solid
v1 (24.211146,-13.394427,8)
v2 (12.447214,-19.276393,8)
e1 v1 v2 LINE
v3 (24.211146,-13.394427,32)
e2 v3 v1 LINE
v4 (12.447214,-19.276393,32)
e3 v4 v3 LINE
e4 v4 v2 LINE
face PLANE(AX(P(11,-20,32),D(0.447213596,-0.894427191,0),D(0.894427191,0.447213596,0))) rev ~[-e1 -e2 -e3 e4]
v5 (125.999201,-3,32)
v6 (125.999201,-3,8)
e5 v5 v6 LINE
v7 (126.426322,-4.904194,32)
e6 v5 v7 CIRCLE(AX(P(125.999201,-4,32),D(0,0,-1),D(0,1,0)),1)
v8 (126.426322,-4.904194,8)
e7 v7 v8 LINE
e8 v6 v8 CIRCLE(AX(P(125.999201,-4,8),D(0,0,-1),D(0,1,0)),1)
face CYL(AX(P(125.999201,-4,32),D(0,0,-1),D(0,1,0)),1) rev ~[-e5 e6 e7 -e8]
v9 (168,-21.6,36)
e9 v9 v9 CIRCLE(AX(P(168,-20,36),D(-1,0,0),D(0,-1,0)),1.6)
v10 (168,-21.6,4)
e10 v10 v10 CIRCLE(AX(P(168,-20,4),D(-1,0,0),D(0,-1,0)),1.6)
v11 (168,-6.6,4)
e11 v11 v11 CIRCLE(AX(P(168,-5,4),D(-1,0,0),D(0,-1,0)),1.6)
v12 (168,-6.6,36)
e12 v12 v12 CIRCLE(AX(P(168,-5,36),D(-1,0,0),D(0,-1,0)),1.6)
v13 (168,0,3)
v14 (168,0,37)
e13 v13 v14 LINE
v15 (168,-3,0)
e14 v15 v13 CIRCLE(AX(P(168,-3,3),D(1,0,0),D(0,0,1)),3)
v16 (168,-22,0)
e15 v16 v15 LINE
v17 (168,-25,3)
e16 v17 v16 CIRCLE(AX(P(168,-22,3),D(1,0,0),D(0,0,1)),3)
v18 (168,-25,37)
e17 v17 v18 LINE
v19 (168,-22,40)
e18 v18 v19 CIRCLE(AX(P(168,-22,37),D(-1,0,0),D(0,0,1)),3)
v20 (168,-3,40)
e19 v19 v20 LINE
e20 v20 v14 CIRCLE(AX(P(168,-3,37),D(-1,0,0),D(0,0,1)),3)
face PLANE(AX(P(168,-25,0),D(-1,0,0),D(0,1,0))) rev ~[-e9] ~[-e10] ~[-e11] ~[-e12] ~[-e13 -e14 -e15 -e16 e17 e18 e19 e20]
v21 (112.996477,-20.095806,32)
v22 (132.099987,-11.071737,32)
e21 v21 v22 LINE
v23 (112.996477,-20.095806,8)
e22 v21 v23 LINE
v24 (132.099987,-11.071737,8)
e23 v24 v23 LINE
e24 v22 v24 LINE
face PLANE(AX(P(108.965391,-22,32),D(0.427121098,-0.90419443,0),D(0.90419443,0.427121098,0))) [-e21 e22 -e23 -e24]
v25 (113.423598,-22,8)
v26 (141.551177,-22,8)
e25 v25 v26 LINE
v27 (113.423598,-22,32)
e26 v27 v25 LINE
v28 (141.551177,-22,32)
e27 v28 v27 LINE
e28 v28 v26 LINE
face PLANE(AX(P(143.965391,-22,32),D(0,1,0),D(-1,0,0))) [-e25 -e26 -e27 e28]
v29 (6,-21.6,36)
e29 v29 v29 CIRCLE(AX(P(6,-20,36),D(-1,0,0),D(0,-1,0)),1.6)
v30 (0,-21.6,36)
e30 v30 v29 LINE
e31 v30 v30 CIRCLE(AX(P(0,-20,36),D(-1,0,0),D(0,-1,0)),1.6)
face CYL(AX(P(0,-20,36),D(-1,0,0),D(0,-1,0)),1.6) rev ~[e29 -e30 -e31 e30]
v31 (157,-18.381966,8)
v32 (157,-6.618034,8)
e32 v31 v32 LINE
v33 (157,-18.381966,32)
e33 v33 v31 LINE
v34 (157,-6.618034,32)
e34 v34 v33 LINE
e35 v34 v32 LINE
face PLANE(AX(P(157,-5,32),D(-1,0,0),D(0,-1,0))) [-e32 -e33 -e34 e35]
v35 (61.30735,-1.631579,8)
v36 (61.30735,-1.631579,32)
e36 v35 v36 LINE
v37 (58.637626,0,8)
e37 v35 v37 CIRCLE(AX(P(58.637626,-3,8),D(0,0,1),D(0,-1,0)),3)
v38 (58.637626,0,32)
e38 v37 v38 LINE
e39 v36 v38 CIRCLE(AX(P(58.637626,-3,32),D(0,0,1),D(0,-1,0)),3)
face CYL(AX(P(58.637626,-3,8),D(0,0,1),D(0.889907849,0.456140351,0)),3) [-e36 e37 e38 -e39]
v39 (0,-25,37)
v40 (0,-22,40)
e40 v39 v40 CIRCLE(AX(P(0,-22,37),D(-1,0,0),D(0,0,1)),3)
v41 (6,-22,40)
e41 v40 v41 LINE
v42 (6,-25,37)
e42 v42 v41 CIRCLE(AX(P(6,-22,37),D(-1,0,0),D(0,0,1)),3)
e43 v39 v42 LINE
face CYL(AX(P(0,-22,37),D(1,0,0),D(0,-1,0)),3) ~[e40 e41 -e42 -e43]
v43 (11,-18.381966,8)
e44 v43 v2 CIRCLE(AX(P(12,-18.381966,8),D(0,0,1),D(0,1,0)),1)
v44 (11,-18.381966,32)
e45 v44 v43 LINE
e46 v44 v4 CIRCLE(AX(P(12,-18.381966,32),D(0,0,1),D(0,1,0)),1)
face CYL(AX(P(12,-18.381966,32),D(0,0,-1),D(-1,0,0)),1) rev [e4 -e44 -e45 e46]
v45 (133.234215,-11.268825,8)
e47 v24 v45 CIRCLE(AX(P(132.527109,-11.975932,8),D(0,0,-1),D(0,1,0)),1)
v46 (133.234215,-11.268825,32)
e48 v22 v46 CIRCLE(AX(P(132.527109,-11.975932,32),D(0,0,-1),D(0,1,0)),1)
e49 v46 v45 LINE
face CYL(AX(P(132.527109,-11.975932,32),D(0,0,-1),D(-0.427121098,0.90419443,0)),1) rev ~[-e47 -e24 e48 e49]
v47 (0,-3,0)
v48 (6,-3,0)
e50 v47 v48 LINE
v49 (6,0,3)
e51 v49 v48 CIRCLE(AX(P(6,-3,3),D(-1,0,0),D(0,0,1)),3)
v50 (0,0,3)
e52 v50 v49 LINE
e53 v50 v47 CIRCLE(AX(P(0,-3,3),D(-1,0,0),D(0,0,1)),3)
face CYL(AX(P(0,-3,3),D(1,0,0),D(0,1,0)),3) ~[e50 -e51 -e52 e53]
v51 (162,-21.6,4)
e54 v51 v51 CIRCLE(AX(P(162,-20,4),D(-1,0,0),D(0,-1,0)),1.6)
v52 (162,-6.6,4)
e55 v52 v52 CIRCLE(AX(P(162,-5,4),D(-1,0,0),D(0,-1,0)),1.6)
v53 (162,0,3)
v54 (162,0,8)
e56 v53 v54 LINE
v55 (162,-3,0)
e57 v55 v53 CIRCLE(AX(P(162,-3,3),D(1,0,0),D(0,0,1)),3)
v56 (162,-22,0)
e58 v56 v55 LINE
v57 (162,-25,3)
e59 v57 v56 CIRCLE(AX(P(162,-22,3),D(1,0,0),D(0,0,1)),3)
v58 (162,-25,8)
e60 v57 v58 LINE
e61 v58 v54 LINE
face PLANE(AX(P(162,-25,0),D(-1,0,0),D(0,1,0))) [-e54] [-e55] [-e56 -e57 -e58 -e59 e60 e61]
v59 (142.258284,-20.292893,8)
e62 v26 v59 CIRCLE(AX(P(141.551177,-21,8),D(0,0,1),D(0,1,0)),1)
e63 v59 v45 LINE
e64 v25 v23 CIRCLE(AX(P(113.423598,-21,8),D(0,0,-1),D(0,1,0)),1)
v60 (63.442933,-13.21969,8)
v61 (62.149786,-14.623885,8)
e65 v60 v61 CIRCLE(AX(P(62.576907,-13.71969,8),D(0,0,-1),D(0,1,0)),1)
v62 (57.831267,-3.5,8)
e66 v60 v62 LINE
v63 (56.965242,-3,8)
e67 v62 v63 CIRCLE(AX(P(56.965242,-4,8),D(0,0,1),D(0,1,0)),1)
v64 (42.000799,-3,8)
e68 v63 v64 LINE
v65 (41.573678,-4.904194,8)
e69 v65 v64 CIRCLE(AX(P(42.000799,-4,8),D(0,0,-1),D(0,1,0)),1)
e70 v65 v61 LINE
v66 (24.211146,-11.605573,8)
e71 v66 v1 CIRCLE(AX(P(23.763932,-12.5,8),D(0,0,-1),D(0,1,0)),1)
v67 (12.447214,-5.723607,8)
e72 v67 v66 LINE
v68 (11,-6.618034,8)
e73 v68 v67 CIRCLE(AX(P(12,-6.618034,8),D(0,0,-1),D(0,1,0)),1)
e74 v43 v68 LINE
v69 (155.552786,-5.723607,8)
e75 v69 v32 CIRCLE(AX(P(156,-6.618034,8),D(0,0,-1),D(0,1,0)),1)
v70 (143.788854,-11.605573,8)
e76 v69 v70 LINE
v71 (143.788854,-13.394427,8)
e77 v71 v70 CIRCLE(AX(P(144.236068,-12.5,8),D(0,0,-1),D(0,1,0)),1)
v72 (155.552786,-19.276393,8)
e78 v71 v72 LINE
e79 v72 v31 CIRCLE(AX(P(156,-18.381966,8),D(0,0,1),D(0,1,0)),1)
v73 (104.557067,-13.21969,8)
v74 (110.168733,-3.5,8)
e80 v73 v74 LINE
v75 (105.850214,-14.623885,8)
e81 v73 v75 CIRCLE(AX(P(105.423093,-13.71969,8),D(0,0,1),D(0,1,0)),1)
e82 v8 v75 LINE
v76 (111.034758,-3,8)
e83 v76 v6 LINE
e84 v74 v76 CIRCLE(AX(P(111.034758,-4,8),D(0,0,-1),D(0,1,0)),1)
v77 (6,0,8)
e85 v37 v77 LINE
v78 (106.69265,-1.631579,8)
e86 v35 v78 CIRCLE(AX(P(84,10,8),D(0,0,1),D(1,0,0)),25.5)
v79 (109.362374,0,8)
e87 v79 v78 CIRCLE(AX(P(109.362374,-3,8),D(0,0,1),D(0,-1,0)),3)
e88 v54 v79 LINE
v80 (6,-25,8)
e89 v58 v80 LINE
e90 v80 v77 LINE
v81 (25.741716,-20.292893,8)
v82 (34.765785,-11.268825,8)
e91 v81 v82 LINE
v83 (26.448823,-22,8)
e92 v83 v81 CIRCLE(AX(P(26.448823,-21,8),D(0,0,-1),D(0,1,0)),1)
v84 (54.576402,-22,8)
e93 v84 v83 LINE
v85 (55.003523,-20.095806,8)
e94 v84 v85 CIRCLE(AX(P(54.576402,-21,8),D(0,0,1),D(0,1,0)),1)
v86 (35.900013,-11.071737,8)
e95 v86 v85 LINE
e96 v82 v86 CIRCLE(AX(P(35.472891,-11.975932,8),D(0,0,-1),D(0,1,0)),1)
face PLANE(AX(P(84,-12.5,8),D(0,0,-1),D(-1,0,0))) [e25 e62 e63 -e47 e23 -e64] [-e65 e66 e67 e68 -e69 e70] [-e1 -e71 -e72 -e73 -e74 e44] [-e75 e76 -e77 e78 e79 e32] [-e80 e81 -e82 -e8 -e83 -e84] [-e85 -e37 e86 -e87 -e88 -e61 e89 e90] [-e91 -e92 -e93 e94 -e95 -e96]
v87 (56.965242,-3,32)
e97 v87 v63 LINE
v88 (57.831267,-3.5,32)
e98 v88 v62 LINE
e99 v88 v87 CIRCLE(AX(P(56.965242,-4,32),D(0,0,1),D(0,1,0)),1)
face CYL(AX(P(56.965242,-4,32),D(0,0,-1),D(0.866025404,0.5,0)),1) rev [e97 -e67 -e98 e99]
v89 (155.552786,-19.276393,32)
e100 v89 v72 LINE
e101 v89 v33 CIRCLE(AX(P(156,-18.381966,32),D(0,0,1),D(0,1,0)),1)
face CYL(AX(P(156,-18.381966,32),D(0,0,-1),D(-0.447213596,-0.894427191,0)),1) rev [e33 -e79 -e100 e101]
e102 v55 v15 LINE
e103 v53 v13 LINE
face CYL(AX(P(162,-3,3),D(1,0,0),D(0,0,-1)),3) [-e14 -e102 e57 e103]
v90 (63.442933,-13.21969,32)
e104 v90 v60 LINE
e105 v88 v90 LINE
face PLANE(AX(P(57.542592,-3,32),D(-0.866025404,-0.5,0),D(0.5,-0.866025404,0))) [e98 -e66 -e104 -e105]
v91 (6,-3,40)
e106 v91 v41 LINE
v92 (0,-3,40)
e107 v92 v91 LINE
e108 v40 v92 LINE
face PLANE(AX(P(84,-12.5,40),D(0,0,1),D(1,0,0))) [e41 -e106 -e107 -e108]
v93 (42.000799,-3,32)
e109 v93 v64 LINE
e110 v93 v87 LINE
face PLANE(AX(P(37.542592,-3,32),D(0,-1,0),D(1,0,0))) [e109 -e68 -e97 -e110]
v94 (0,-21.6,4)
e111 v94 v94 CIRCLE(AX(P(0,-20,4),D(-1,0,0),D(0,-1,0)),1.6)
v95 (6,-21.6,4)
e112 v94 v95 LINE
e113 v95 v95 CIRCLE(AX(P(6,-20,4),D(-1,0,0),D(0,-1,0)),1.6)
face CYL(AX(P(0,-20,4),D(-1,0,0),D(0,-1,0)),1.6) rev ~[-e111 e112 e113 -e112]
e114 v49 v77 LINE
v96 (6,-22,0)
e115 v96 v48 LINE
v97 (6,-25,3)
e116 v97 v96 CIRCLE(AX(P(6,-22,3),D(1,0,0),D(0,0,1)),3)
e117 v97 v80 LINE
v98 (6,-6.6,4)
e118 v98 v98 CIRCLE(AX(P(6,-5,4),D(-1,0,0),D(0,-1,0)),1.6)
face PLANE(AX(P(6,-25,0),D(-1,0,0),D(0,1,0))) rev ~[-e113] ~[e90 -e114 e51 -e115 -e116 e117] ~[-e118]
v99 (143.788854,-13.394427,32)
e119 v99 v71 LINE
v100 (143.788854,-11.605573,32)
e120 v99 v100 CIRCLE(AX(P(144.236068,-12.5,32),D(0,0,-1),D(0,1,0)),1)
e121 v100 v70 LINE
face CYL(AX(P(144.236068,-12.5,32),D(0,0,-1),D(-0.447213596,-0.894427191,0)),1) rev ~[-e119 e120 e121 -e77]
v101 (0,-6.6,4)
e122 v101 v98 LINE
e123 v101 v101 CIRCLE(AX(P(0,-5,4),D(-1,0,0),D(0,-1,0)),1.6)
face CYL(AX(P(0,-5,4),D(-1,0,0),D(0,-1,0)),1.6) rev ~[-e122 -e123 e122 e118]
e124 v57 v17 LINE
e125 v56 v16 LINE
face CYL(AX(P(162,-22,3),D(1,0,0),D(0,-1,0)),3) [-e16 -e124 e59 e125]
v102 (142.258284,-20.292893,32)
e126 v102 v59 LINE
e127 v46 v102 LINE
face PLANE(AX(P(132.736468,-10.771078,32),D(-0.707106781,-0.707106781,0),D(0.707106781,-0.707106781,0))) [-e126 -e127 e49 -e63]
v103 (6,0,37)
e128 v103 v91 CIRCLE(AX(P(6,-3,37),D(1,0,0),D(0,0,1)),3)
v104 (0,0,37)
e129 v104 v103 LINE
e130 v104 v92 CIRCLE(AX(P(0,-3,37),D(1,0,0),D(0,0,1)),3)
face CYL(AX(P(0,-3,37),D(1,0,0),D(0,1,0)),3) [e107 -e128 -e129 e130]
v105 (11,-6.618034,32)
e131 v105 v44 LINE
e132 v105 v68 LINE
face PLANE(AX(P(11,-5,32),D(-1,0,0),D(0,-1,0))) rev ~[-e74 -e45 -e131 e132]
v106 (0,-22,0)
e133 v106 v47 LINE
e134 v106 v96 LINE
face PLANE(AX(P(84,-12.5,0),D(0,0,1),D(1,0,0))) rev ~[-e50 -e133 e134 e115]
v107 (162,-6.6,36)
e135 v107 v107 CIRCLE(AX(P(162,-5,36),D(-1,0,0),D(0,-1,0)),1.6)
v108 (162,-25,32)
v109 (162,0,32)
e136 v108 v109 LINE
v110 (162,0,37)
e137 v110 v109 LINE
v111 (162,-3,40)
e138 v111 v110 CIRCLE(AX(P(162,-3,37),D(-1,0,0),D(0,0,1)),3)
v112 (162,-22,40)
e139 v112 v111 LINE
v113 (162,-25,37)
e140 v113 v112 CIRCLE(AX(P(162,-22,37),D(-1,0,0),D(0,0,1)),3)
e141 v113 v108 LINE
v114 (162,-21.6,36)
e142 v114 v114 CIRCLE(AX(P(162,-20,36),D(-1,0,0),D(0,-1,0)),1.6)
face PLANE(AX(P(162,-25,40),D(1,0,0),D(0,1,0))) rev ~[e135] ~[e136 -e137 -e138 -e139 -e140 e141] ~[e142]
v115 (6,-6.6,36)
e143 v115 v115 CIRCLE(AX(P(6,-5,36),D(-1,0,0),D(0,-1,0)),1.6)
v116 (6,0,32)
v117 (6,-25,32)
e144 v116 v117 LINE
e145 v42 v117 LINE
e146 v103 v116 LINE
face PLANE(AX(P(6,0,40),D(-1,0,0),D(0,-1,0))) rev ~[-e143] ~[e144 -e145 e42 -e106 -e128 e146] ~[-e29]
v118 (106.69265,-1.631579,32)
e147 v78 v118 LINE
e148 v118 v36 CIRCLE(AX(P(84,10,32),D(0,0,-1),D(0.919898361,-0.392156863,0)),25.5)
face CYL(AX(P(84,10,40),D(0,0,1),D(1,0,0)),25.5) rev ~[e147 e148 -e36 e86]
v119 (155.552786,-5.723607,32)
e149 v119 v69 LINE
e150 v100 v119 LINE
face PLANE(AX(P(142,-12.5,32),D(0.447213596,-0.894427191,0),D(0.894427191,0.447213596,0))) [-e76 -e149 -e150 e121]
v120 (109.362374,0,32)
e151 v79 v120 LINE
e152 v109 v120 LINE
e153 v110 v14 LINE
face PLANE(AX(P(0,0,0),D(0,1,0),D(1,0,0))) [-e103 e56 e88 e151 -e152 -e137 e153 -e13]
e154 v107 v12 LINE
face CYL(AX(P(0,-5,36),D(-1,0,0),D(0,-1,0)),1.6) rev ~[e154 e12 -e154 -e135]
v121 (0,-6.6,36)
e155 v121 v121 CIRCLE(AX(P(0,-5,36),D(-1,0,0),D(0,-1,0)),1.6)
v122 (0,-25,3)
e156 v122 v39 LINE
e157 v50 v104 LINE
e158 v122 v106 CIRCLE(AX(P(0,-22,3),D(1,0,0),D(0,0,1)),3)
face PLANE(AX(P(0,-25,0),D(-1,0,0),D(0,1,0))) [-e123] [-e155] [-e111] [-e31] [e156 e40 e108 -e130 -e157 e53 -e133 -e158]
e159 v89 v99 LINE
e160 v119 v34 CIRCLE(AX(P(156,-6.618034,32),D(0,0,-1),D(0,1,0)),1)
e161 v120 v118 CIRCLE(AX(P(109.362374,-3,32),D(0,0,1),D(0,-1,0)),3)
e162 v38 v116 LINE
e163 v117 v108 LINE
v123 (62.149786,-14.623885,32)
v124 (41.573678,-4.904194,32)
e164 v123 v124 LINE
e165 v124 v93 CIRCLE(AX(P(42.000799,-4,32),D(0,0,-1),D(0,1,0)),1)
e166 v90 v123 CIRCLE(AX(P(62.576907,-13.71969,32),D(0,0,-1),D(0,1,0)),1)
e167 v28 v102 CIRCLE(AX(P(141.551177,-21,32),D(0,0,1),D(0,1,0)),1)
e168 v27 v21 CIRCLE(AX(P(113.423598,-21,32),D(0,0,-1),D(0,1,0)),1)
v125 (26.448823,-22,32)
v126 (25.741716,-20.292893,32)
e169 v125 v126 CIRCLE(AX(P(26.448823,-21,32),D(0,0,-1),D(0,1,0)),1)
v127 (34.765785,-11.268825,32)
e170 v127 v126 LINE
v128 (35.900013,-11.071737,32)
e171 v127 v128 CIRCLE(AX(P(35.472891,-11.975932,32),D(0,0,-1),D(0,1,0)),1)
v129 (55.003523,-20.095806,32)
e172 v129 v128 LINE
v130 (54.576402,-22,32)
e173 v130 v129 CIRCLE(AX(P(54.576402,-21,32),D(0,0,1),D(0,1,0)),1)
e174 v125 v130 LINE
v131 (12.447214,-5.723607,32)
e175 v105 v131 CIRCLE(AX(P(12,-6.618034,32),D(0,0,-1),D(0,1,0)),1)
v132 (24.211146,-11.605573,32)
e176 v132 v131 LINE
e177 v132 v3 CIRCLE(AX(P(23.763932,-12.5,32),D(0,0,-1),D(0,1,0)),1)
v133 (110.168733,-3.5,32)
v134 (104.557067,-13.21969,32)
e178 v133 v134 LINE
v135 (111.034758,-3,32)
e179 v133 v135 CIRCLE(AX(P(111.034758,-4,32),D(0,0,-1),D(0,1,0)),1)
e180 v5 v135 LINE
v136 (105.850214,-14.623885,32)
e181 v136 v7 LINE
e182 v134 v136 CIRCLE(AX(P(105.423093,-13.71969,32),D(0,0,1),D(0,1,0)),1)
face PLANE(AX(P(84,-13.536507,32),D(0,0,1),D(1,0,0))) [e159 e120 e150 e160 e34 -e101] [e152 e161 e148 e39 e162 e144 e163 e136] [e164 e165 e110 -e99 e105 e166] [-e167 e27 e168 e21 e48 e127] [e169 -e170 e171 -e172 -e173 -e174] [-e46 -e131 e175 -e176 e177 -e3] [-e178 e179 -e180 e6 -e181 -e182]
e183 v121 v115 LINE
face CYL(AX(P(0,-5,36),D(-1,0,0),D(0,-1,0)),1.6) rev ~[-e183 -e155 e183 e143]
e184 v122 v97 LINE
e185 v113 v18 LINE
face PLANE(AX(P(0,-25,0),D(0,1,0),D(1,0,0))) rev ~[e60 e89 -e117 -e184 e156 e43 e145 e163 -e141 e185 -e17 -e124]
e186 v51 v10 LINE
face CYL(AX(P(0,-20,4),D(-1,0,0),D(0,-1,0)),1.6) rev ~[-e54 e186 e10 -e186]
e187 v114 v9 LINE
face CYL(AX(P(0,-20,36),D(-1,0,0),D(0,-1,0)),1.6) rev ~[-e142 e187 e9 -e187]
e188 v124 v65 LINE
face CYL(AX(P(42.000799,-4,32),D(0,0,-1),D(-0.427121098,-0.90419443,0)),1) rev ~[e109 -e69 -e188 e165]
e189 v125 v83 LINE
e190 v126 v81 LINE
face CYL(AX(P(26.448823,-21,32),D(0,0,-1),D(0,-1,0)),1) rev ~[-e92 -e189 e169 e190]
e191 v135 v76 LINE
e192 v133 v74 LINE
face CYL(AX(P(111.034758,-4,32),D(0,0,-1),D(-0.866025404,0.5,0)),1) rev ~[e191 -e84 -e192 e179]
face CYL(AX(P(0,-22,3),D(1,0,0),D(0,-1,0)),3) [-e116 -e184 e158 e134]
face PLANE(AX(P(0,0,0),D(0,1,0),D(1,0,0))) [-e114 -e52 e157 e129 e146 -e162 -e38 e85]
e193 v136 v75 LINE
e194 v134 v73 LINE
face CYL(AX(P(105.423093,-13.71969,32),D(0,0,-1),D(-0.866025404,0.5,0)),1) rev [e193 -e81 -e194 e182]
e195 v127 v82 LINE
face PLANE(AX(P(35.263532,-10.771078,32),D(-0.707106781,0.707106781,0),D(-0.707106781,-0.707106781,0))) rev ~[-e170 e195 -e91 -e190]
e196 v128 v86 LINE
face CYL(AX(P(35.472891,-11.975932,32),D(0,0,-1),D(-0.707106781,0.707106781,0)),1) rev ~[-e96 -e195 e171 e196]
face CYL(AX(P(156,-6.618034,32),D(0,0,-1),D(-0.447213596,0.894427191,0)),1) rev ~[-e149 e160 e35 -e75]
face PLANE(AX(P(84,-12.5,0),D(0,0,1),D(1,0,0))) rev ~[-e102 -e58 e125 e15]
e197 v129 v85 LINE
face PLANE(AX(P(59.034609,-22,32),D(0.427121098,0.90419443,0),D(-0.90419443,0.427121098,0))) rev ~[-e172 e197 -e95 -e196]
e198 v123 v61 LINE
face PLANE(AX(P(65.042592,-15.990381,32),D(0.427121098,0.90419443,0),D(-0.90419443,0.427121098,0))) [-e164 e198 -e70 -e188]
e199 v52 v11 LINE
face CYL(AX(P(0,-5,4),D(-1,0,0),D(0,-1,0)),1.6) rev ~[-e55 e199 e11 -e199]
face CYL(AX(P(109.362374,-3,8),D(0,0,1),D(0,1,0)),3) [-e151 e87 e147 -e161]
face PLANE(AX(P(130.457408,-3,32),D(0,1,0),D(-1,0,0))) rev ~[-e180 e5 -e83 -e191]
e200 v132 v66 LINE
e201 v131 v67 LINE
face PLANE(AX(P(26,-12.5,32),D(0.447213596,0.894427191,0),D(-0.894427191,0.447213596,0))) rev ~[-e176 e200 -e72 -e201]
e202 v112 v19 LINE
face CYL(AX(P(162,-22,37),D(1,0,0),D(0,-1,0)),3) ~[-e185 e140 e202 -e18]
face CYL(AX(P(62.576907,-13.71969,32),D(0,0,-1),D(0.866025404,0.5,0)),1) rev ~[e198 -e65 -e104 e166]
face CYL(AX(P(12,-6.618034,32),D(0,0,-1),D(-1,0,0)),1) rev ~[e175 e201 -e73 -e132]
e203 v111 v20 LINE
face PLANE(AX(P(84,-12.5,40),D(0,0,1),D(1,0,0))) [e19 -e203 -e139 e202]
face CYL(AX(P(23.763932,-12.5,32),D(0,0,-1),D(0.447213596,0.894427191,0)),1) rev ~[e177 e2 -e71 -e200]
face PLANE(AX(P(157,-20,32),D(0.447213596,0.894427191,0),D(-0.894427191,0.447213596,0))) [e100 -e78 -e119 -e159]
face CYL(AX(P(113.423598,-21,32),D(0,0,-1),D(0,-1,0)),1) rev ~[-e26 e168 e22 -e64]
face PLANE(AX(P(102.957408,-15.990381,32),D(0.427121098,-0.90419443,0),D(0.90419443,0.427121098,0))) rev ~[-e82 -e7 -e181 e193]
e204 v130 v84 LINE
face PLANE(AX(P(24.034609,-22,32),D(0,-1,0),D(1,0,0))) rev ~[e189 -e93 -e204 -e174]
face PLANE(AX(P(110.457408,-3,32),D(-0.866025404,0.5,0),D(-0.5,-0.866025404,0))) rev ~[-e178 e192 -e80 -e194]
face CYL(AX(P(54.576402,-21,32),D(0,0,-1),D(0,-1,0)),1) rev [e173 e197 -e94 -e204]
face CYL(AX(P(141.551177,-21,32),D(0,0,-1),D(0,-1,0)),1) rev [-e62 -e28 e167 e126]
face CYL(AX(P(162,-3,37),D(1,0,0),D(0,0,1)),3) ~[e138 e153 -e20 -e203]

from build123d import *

# Parameters (mm, degrees)
SKETCH_1_W          = 168
SKETCH_1_H          = 25
EXTRUDE_1_DEPTH     = 40
SKETCH_2_R          = 25.5
CUT_EXTRUDE_1_DEPTH = 175.496418301
SKETCH_3_W          = 156
SKETCH_3_H          = 25
CUT_EXTRUDE_2_DEPTH = 8
CUT_EXTRUDE_3_DEPTH = 8
SKETCH_5_R          = 1.6
CUT_EXTRUDE_4_DEPTH = 175.496418301
CUT_EXTRUDE_5_DEPTH = 173.838074509
FILLET_2_R          = 1
FILLET_3_R          = 3
FILLET_4_R          = 3
FILLET_5_R          = 3


with BuildPart() as part:
    # 草图1 → 凸台-拉伸1 (new body)
    with BuildSketch(Plane.XY):
        with Locations((84, -12.5)):
            Rectangle(SKETCH_1_W, SKETCH_1_H)
    extrude(amount=EXTRUDE_1_DEPTH)

    # 草图2 → 切除-拉伸1 (cut, through all)
    with BuildSketch(Plane.XY.offset(40)):
        with Locations((84, 10)):
            Circle(SKETCH_2_R)
    extrude(amount=-CUT_EXTRUDE_1_DEPTH, mode=Mode.SUBTRACT)

    # 草图3 → 切除-拉伸2 (cut)
    with BuildSketch(Plane(origin=(0, 0, 0), x_dir=(-1, 0, 0), z_dir=(0, 0, -1))):
        with Locations((-84, -12.5)):
            Rectangle(SKETCH_3_W, SKETCH_3_H)
    extrude(amount=-CUT_EXTRUDE_2_DEPTH, mode=Mode.SUBTRACT)

    # 草图4 → 切除-拉伸3 (cut)
    with BuildSketch(Plane.XY.offset(40)):
        with BuildLine():
            Line((162, 0), (107.457408211, 0))
            ThreePointArc((107.457408211, 0), (84, -15.5), (60.542591789, 0))
            Line((60.542591789, 0), (6, 0))
            Line((6, 0), (6, -25))
            Line((6, -25), (162, -25))
            Line((162, -25), (162, 0))
        make_face()
    extrude(amount=-CUT_EXTRUDE_3_DEPTH, mode=Mode.SUBTRACT)

    # 草图5 → 切除-拉伸4 (cut, through all)
    with BuildSketch(Plane.ZY):
        with Locations((4, -5)):
            Circle(SKETCH_5_R)
        with Locations((4, -20)):
            Circle(SKETCH_5_R)
        with Locations((36, -20)):
            Circle(SKETCH_5_R)
        with Locations((36, -5)):
            Circle(SKETCH_5_R)
    extrude(amount=-CUT_EXTRUDE_4_DEPTH, mode=Mode.SUBTRACT)

    # 草图7 → 切除-拉伸5 (cut, through all)
    with BuildSketch(Plane.XY.offset(32)):
        Polygon((37.542591789, -3), (57.542591789, -3), (65.042591789, -15.990381057), align=None)
        Polygon((24.034609426, -22), (59.034609426, -22), (35.263531583, -10.771077843), align=None)
        Polygon((11, -5), (11, -20), (26, -12.5), align=None)
        Polygon((157, -5), (157, -20), (142, -12.5), align=None)
        Polygon((132.736468417, -10.771077843), (143.965390574, -22), (108.965390574, -22), align=None)
        Polygon((110.457408211, -3), (102.957408211, -15.990381057), (130.457408211, -3), align=None)
    extrude(amount=-CUT_EXTRUDE_5_DEPTH, mode=Mode.SUBTRACT)

    # 圆角2
    fillet_2_edges = [part.edges().sort_by_distance(p)[0] for p in [
        (37.542591789, -3, 20),
        (57.542591789, -3, 20),
        (130.457408211, -3, 20),
        (102.957408211, -15.990381057, 20),
        (110.457408211, -3, 20),
        (157, -5, 20),
        (157, -20, 20),
        (142, -12.5, 20),
        (132.736468417, -10.771077843, 20),
        (143.965390574, -22, 20),
        (108.965390574, -22, 20),
        (35.263531583, -10.771077843, 20),
        (59.034609426, -22, 20),
        (24.034609426, -22, 20),
        (26, -12.5, 20),
        (11, -20, 20),
        (11, -5, 20),
        (65.042591789, -15.990381057, 20),
    ]]
    fillet(fillet_2_edges, radius=FILLET_2_R)

    # 圆角3
    fillet_3_edges = [part.edges().sort_by_distance(p)[0] for p in [
        (107.457408211, 0, 20),
        (60.542591789, 0, 20),
    ]]
    fillet(fillet_3_edges, radius=FILLET_3_R)

    # 圆角4
    fillet_4_edges = [part.edges().sort_by_distance(p)[0] for p in [
        (3, 0, 0),
        (3, -25, 40),
        (3, -25, 0),
        (3, 0, 40),
    ]]
    fillet(fillet_4_edges, radius=FILLET_4_R)

    # 圆角5
    fillet_5_edges = [part.edges().sort_by_distance(p)[0] for p in [
        (165, -25, 0),
        (165, -25, 40),
        (165, 0, 0),
        (165, 0, 40),
    ]]
    fillet(fillet_5_edges, radius=FILLET_5_R)


solid = part.part
